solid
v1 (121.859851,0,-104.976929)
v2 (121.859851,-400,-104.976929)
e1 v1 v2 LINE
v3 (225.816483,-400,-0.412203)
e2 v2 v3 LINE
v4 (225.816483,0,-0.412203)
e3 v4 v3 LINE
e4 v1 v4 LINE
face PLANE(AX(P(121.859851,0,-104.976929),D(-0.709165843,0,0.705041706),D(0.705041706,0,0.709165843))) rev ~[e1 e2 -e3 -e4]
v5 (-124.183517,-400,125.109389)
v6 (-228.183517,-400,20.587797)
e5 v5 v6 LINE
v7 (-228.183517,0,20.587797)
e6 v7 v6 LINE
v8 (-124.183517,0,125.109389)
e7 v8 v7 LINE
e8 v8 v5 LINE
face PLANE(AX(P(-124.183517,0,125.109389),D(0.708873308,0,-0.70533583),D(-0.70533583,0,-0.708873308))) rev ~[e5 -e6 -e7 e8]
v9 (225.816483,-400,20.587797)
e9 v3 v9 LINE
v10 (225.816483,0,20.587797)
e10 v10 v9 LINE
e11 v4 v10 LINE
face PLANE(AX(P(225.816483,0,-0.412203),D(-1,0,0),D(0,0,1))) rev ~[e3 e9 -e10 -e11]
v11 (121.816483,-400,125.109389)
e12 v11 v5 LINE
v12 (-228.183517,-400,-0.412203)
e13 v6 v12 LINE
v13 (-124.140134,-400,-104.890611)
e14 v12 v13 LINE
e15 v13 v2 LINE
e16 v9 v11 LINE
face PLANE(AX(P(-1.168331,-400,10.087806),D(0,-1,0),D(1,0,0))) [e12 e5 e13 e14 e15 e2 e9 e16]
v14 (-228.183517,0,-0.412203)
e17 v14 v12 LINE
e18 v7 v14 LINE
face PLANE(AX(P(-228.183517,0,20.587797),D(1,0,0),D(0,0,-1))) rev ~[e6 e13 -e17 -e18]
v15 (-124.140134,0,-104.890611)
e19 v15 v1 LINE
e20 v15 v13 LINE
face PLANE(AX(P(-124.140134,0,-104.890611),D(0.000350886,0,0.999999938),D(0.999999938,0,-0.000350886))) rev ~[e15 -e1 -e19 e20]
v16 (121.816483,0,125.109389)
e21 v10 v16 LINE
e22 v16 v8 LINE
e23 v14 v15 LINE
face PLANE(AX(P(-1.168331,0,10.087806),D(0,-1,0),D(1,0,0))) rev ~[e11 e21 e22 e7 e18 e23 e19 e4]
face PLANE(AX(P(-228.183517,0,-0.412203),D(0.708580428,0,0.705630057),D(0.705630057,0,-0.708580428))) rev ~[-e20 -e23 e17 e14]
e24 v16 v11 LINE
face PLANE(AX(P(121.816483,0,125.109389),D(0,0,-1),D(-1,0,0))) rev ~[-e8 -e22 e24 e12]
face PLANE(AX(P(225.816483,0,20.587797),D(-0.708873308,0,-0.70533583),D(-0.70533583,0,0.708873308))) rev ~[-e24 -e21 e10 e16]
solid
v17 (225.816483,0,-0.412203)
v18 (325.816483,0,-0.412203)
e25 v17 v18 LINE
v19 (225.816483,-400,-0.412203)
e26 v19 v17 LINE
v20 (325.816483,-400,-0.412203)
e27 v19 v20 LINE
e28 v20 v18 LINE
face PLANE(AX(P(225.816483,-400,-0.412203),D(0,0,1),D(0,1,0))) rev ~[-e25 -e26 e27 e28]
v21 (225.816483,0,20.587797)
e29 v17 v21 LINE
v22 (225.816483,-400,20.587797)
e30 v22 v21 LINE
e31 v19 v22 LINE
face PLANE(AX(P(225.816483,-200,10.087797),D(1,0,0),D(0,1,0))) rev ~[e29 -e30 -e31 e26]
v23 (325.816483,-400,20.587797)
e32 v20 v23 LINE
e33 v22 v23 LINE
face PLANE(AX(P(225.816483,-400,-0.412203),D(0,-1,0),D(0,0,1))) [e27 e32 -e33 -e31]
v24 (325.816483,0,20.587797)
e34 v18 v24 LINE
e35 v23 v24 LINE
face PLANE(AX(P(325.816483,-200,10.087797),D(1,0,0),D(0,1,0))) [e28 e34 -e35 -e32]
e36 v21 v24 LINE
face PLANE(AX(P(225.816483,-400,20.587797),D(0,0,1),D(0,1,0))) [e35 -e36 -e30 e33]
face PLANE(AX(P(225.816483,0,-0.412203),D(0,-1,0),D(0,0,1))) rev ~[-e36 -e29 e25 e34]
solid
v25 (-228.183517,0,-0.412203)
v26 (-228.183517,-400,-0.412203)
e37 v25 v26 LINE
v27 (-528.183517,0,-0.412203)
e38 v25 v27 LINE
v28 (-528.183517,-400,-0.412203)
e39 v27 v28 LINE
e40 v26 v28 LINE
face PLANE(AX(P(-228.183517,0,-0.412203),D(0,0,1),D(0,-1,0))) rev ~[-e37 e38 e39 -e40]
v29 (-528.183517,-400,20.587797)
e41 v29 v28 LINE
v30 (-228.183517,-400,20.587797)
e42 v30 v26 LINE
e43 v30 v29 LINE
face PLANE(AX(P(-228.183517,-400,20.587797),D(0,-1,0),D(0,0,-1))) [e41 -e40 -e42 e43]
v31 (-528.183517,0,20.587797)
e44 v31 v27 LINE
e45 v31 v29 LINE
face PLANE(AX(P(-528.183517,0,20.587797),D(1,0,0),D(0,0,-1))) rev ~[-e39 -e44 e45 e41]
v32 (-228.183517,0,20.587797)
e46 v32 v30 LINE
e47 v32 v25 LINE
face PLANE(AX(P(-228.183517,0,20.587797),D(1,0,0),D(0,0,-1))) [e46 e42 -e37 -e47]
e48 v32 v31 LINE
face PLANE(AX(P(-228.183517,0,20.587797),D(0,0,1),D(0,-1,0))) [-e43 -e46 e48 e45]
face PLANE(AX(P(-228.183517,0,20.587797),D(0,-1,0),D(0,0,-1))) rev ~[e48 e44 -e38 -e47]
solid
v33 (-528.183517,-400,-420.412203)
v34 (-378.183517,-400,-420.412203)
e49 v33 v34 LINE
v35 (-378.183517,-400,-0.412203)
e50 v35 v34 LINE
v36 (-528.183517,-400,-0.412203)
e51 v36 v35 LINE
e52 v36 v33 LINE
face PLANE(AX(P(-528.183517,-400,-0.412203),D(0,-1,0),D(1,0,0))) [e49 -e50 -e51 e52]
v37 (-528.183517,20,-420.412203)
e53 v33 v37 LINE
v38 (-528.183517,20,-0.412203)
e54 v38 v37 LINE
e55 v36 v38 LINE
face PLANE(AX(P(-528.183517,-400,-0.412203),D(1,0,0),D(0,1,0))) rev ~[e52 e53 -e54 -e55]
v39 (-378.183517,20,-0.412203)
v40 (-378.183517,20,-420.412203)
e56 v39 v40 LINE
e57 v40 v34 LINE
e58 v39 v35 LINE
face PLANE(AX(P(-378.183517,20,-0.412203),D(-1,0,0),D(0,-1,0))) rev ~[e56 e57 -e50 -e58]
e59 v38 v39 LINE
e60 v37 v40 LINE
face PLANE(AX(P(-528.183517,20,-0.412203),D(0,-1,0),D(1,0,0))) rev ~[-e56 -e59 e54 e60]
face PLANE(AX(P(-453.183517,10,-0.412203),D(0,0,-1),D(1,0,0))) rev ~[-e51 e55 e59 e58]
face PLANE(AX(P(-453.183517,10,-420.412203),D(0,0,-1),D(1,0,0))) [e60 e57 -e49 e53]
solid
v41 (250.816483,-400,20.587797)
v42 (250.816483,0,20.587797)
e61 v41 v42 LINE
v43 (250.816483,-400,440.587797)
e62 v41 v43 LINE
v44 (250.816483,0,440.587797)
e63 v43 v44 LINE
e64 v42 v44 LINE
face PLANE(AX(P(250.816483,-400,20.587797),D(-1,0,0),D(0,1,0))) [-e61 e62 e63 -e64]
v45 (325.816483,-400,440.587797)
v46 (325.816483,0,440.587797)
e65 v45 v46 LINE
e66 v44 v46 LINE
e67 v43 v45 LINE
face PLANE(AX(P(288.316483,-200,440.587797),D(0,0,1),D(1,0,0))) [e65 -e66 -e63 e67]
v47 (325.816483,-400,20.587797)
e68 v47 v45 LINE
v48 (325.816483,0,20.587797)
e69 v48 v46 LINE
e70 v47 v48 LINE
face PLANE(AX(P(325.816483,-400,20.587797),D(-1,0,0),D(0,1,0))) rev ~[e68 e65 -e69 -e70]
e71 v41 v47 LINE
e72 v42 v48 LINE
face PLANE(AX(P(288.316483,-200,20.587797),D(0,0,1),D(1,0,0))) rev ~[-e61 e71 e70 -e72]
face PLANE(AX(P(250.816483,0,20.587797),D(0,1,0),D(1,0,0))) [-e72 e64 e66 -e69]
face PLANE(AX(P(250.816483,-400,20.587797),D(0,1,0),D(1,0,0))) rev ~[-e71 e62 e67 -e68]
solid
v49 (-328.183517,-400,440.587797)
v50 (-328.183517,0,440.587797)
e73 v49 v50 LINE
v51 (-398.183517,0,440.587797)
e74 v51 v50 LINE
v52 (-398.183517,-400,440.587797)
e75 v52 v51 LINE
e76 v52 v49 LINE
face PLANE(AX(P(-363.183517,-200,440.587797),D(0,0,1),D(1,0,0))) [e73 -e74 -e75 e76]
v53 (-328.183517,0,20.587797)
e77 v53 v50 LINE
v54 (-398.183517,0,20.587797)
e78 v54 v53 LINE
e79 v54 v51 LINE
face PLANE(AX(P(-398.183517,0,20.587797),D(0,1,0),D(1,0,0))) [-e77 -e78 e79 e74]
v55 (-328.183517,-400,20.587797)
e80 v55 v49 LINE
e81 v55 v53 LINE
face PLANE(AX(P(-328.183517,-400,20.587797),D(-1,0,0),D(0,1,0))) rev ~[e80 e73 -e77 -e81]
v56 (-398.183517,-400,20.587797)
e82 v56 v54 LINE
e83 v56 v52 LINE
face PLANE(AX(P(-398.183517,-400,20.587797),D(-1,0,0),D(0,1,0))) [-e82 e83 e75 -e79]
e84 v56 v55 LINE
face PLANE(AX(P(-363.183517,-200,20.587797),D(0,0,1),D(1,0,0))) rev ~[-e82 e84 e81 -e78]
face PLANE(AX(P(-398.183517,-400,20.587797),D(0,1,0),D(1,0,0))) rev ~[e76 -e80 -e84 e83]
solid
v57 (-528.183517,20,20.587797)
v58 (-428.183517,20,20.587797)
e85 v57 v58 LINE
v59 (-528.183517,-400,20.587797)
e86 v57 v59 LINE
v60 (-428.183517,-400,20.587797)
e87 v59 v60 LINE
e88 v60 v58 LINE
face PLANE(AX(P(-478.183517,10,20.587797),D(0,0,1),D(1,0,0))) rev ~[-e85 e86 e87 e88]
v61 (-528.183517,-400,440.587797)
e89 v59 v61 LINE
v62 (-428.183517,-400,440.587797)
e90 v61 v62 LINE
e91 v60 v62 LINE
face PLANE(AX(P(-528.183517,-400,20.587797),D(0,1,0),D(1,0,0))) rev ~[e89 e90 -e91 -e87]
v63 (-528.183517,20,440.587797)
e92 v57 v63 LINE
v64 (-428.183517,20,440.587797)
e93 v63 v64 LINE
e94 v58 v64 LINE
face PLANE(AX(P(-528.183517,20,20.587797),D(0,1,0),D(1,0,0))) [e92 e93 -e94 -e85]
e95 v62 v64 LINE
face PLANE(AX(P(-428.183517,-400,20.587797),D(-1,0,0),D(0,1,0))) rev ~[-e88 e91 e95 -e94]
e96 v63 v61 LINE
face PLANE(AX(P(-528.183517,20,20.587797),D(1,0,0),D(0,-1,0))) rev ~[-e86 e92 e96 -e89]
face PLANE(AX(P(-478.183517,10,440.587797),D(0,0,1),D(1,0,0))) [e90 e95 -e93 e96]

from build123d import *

# Parameters (mm, degrees)
F1_DEPTH  = 400
F2_W      = 400
F2_H      = 21
F3_DEPTH  = 100
F4_DEPTH  = 300
F5_W      = 100
F5_H      = 20
F5_H_2    = 400
F6_DEPTH  = 420
F7_W      = 70
F7_H      = 400
F8_DEPTH  = 420
F9_W      = 150
F9_H      = 20
F9_H_2    = 400
F10_DEPTH = 420
F11_W     = 75
F11_H     = 400
F12_DEPTH = 420


with BuildPart() as f1:
    # F0 (on Front) → F1 (new body)
    with BuildSketch(Plane.XZ):
        Polygon((-228.1835166094, -0.4122031702), (-124.140133619, -104.8906109595), (121.8598512371, -104.9769289125), (225.8164833906, -0.4122031702), (225.8164833906, 20.5877968298), (121.8164833906, 125.1093890405), (-124.1835166094, 125.1093890405), (-228.1835166094, 20.5877968298), align=None)
    extrude(amount=F1_DEPTH)


with BuildPart() as f3:
    # F2 (on face) → F3 (new body)
    with BuildSketch(Plane.YZ.offset(225.8164833906)):
        with Locations((-200, 10.0877968298)):
            Rectangle(F2_W, F2_H)
    extrude(amount=F3_DEPTH)


with BuildPart() as f4:
    # F4 (new): a face of the model
    f4_faces = [f1.part.faces().sort_by_distance(p)[0] for p in [
        (-228.1835166094, -200, 10.0877968298),
    ]]
    extrude(f4_faces, amount=F4_DEPTH)


with BuildPart() as f6:
    # F5 (on face) → F6 (new body)
    with BuildSketch(Plane.XY.offset(20.5877968298)):
        with Locations((-478.1835166094, 10)):
            Rectangle(F5_W, F5_H)
        with Locations((-478.1835166094, -200)):
            Rectangle(F5_W, F5_H_2)
    extrude(amount=F6_DEPTH)


with BuildPart() as f8:
    # F7 (on face) → F8 (new body, through all)
    with BuildSketch(Plane.XY.offset(20.5877968298)):
        with Locations((-363.1835166094, -200)):
            Rectangle(F7_W, F7_H)
    extrude(amount=F8_DEPTH)


with BuildPart() as f10:
    # F9 (on face) → F10 (new body)
    with BuildSketch(Plane(origin=(0, 0, -0.4122031702), x_dir=(1, 0, 0), z_dir=(0, 0, -1))):
        with Locations((-453.1835166094, -10)):
            Rectangle(F9_W, F9_H)
        with Locations((-453.1835166094, 200)):
            Rectangle(F9_W, F9_H_2)
    extrude(amount=F10_DEPTH)


with BuildPart() as f12:
    # F11 (on face) → F12 (new body, through all)
    with BuildSketch(Plane.XY.offset(20.5877968298)):
        with Locations((288.3164833906, -200)):
            Rectangle(F11_W, F11_H)
    extrude(amount=F12_DEPTH)


solid = Compound([f1.part, f3.part, f4.part, f6.part, f8.part, f10.part, f12.part])
